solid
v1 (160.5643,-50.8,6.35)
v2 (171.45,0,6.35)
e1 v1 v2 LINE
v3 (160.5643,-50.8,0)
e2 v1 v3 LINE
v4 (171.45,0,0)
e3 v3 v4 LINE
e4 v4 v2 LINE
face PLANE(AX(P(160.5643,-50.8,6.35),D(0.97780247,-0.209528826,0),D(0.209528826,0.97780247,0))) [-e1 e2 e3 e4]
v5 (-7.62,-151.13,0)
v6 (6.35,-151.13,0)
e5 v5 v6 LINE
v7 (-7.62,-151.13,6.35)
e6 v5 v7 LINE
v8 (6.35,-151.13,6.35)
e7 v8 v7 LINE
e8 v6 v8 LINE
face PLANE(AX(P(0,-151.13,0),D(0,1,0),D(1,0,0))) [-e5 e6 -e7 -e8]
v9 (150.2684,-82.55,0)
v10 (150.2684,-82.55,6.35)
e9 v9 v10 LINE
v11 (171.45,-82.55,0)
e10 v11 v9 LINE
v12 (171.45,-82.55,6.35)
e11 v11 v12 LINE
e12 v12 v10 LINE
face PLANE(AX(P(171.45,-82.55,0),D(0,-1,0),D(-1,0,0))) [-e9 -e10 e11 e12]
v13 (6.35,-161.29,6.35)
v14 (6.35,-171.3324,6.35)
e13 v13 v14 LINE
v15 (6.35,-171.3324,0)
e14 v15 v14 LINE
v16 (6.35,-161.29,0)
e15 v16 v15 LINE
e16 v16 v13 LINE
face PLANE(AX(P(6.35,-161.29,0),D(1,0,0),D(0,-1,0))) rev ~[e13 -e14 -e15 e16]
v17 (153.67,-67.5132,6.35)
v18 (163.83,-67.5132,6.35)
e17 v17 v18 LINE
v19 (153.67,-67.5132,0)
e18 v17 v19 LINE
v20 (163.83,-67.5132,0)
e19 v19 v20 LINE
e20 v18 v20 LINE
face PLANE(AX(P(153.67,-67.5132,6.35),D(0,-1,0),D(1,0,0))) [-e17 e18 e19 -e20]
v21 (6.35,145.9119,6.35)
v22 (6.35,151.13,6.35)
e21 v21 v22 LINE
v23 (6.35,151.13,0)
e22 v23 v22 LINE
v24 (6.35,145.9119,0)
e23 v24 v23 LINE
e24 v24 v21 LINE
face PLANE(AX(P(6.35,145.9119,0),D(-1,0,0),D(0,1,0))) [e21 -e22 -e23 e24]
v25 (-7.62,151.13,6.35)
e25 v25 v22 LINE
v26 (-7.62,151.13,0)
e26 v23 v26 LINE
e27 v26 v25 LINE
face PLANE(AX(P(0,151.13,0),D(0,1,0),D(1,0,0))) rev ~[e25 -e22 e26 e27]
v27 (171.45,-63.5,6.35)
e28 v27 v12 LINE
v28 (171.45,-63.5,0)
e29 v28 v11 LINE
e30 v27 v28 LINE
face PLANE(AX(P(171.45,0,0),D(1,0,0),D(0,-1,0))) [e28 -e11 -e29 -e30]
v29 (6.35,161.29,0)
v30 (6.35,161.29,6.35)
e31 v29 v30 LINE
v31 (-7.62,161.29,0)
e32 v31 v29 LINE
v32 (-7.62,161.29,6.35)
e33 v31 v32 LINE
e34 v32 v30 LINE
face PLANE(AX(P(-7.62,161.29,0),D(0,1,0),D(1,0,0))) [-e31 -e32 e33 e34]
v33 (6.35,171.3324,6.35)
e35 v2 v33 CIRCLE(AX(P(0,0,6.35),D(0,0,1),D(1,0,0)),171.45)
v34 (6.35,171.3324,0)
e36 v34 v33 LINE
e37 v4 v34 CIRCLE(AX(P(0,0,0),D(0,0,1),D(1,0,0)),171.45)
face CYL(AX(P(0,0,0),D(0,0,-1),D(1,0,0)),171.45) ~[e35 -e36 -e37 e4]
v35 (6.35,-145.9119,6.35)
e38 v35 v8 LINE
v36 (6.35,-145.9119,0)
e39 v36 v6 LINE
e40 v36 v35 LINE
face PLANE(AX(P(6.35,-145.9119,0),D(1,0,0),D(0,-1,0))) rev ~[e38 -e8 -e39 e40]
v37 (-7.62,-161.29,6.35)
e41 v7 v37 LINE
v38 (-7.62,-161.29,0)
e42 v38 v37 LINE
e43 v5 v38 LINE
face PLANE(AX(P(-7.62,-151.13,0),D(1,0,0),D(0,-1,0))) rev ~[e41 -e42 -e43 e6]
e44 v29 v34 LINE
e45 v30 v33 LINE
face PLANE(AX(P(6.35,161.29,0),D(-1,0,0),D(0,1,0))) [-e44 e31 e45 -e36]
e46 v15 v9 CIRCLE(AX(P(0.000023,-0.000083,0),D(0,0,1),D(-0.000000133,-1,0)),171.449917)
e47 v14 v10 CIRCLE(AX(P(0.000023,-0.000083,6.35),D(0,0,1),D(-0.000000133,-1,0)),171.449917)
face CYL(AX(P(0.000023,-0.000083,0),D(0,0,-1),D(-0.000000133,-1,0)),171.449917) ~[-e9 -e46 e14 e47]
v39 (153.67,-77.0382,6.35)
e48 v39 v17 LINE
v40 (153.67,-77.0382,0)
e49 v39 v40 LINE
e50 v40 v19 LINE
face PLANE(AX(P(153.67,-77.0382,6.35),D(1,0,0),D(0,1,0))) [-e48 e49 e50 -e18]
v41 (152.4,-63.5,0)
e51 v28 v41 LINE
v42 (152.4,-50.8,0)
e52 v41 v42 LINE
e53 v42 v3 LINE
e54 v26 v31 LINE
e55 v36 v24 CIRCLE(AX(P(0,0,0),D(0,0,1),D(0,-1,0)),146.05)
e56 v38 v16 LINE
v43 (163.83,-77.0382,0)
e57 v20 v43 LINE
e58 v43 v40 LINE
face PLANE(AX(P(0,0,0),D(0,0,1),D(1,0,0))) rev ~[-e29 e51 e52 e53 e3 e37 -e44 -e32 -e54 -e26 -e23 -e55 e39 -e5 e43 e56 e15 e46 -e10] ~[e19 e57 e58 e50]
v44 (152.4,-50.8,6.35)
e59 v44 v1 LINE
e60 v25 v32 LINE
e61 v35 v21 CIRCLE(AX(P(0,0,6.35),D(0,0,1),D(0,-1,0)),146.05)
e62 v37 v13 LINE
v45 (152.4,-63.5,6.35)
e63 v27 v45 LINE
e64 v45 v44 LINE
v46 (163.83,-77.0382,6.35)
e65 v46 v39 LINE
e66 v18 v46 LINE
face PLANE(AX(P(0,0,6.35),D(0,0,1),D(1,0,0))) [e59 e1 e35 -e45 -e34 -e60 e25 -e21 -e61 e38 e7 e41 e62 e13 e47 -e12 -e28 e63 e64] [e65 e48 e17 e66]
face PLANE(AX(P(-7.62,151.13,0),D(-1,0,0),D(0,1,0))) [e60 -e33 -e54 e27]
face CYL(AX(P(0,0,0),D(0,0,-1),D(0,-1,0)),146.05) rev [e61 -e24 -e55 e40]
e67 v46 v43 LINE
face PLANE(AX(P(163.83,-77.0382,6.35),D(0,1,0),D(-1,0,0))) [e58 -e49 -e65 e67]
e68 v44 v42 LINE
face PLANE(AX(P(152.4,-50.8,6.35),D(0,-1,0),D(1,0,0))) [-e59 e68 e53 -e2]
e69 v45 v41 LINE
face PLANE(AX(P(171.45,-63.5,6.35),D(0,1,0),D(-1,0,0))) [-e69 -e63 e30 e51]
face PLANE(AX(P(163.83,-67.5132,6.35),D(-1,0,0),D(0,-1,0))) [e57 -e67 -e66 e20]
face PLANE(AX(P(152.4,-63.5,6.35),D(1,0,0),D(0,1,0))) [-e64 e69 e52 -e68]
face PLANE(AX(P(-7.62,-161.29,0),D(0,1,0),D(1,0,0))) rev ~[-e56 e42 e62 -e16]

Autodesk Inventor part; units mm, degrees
ref_plane "YZ Plane" through (0, 0, 0) normal (1, 0, 0) x (0, 1, 0)
ref_plane "XZ Plane" through (0, 0, 0) normal (0, 1, 0) x (-1, 0, 0)
ref_plane "XY Plane" through (0, 0, 0) normal (0, 0, 1) x (1, 0, 0)
sketch "Sketch1" plane through (0, 0, 0) normal (0, 0, 1) x (1, 0, 0)
  arc A0 (0, -146.05) -> (0, 146.05) centre (0, 0) ccw
  line L0 (0, 0) -> (0, 226.0912) construction
  line L1 (0, 226.0912) -> (0, -237.3269) construction
  line L2 (6.35, 145.9119) -> (6.35, 171.3324)
  line L3 (6.35, -145.9119) -> (6.35, -171.3324)
  line L4 (0, 146.05) -> (0, 151.13)
  line L5 (0, 151.13) -> (6.35, 151.13)
  line L6 (6.35, 151.13) -> (-7.62, 151.13)
  line L7 (-7.62, 151.13) -> (-7.62, 161.29)
  line L8 (-7.62, 161.29) -> (6.35, 161.29)
  line L9 (0, -146.05) -> (0, -151.13)
  line L10 (0, -151.13) -> (6.35, -151.13)
  line L11 (6.35, -151.13) -> (-7.62, -151.13)
  line L12 (-7.62, -151.13) -> (-7.62, -161.29)
  line L13 (-7.62, -161.29) -> (6.35, -161.29)
  line L14 (171.45, 0) -> (171.45, -82.55)
  line L15 (171.45, -82.55) -> (150.2684, -82.55)
  arc A1 (0, -171.45) -> (150.2684, -82.55) centre (0, 0) ccw
  arc A2 (171.45, 0) -> (0, 171.45) centre (0, 0) ccw
  dimension "d20" = 292.1
  dimension "d21" = 6.35
  dimension "d22" = 6.35
  dimension "d23" = 5.08
  dimension "d24" = 13.97
  dimension "d25" = 10.16
  dimension "d26" = 5.08
  dimension "d27" = 13.97
  dimension "d28" = 10.16
  dimension "d29" = 82.55
  dimension "d45" = 171.45
  dimension "d46" = 171.45
ref_plane "Work Plane1" through (0, 0, 6.35) normal (0, 0, 1) x (1, 0, 0)
sketch "Sketch2" plane through (0, 0, 6.35) normal (0, 0, 1) x (1, 0, 0)
  line L0 (171.45, -82.55) -> (171.45, 0) projected
  line L1 (171.45, -82.55) -> (171.45, -77.0382) construction
  line L2 (171.45, -77.0382) -> (163.83, -77.0382) construction
  line L3 (163.83, -77.0382) -> (153.67, -77.0382)
  line L4 (153.67, -77.0382) -> (153.67, -67.5132)
  line L5 (153.67, -67.5132) -> (163.83, -67.5132)
  line L6 (163.83, -67.5132) -> (163.83, -77.0382)
  line L7 (171.45, 0) -> (171.45, -63.5) construction
  line L8 (171.45, -63.5) -> (152.4, -63.5)
  line L9 (152.4, -63.5) -> (152.4, -50.8)
  line L10 (152.4, -50.8) -> (160.5643, -50.8)
  arc A0 (171.45, 0) -> (6.35, 171.3324) centre (0, 0) ccw projected
  line L11 (160.5643, -50.8) -> (171.45, 0)
  line L12 (171.45, 0) -> (171.45, -63.5)
  point P0 (171.45, -44.45)
  dimension "d32" = 5.5118
  dimension "d33" = 7.62
  dimension "d34" = 10.16
  dimension "d35" = 9.525
  dimension "d38" = 63.5
  dimension "d39" = 19.05
  dimension "d40" = 12.7
  dimension "d44" = 102.095
extrude "Extrusion5" add sketch "Sketch1" along normal blind 6.35 contours A0 L2 A2 L14 L15 A1 L3 | L10 L3 L13 L12 L11 | L5 L6 L7 L8 L2
extrude "Extrusion6" cut sketch "Sketch2" against normal blind 6.35
properties part number "MiddleHoop"
